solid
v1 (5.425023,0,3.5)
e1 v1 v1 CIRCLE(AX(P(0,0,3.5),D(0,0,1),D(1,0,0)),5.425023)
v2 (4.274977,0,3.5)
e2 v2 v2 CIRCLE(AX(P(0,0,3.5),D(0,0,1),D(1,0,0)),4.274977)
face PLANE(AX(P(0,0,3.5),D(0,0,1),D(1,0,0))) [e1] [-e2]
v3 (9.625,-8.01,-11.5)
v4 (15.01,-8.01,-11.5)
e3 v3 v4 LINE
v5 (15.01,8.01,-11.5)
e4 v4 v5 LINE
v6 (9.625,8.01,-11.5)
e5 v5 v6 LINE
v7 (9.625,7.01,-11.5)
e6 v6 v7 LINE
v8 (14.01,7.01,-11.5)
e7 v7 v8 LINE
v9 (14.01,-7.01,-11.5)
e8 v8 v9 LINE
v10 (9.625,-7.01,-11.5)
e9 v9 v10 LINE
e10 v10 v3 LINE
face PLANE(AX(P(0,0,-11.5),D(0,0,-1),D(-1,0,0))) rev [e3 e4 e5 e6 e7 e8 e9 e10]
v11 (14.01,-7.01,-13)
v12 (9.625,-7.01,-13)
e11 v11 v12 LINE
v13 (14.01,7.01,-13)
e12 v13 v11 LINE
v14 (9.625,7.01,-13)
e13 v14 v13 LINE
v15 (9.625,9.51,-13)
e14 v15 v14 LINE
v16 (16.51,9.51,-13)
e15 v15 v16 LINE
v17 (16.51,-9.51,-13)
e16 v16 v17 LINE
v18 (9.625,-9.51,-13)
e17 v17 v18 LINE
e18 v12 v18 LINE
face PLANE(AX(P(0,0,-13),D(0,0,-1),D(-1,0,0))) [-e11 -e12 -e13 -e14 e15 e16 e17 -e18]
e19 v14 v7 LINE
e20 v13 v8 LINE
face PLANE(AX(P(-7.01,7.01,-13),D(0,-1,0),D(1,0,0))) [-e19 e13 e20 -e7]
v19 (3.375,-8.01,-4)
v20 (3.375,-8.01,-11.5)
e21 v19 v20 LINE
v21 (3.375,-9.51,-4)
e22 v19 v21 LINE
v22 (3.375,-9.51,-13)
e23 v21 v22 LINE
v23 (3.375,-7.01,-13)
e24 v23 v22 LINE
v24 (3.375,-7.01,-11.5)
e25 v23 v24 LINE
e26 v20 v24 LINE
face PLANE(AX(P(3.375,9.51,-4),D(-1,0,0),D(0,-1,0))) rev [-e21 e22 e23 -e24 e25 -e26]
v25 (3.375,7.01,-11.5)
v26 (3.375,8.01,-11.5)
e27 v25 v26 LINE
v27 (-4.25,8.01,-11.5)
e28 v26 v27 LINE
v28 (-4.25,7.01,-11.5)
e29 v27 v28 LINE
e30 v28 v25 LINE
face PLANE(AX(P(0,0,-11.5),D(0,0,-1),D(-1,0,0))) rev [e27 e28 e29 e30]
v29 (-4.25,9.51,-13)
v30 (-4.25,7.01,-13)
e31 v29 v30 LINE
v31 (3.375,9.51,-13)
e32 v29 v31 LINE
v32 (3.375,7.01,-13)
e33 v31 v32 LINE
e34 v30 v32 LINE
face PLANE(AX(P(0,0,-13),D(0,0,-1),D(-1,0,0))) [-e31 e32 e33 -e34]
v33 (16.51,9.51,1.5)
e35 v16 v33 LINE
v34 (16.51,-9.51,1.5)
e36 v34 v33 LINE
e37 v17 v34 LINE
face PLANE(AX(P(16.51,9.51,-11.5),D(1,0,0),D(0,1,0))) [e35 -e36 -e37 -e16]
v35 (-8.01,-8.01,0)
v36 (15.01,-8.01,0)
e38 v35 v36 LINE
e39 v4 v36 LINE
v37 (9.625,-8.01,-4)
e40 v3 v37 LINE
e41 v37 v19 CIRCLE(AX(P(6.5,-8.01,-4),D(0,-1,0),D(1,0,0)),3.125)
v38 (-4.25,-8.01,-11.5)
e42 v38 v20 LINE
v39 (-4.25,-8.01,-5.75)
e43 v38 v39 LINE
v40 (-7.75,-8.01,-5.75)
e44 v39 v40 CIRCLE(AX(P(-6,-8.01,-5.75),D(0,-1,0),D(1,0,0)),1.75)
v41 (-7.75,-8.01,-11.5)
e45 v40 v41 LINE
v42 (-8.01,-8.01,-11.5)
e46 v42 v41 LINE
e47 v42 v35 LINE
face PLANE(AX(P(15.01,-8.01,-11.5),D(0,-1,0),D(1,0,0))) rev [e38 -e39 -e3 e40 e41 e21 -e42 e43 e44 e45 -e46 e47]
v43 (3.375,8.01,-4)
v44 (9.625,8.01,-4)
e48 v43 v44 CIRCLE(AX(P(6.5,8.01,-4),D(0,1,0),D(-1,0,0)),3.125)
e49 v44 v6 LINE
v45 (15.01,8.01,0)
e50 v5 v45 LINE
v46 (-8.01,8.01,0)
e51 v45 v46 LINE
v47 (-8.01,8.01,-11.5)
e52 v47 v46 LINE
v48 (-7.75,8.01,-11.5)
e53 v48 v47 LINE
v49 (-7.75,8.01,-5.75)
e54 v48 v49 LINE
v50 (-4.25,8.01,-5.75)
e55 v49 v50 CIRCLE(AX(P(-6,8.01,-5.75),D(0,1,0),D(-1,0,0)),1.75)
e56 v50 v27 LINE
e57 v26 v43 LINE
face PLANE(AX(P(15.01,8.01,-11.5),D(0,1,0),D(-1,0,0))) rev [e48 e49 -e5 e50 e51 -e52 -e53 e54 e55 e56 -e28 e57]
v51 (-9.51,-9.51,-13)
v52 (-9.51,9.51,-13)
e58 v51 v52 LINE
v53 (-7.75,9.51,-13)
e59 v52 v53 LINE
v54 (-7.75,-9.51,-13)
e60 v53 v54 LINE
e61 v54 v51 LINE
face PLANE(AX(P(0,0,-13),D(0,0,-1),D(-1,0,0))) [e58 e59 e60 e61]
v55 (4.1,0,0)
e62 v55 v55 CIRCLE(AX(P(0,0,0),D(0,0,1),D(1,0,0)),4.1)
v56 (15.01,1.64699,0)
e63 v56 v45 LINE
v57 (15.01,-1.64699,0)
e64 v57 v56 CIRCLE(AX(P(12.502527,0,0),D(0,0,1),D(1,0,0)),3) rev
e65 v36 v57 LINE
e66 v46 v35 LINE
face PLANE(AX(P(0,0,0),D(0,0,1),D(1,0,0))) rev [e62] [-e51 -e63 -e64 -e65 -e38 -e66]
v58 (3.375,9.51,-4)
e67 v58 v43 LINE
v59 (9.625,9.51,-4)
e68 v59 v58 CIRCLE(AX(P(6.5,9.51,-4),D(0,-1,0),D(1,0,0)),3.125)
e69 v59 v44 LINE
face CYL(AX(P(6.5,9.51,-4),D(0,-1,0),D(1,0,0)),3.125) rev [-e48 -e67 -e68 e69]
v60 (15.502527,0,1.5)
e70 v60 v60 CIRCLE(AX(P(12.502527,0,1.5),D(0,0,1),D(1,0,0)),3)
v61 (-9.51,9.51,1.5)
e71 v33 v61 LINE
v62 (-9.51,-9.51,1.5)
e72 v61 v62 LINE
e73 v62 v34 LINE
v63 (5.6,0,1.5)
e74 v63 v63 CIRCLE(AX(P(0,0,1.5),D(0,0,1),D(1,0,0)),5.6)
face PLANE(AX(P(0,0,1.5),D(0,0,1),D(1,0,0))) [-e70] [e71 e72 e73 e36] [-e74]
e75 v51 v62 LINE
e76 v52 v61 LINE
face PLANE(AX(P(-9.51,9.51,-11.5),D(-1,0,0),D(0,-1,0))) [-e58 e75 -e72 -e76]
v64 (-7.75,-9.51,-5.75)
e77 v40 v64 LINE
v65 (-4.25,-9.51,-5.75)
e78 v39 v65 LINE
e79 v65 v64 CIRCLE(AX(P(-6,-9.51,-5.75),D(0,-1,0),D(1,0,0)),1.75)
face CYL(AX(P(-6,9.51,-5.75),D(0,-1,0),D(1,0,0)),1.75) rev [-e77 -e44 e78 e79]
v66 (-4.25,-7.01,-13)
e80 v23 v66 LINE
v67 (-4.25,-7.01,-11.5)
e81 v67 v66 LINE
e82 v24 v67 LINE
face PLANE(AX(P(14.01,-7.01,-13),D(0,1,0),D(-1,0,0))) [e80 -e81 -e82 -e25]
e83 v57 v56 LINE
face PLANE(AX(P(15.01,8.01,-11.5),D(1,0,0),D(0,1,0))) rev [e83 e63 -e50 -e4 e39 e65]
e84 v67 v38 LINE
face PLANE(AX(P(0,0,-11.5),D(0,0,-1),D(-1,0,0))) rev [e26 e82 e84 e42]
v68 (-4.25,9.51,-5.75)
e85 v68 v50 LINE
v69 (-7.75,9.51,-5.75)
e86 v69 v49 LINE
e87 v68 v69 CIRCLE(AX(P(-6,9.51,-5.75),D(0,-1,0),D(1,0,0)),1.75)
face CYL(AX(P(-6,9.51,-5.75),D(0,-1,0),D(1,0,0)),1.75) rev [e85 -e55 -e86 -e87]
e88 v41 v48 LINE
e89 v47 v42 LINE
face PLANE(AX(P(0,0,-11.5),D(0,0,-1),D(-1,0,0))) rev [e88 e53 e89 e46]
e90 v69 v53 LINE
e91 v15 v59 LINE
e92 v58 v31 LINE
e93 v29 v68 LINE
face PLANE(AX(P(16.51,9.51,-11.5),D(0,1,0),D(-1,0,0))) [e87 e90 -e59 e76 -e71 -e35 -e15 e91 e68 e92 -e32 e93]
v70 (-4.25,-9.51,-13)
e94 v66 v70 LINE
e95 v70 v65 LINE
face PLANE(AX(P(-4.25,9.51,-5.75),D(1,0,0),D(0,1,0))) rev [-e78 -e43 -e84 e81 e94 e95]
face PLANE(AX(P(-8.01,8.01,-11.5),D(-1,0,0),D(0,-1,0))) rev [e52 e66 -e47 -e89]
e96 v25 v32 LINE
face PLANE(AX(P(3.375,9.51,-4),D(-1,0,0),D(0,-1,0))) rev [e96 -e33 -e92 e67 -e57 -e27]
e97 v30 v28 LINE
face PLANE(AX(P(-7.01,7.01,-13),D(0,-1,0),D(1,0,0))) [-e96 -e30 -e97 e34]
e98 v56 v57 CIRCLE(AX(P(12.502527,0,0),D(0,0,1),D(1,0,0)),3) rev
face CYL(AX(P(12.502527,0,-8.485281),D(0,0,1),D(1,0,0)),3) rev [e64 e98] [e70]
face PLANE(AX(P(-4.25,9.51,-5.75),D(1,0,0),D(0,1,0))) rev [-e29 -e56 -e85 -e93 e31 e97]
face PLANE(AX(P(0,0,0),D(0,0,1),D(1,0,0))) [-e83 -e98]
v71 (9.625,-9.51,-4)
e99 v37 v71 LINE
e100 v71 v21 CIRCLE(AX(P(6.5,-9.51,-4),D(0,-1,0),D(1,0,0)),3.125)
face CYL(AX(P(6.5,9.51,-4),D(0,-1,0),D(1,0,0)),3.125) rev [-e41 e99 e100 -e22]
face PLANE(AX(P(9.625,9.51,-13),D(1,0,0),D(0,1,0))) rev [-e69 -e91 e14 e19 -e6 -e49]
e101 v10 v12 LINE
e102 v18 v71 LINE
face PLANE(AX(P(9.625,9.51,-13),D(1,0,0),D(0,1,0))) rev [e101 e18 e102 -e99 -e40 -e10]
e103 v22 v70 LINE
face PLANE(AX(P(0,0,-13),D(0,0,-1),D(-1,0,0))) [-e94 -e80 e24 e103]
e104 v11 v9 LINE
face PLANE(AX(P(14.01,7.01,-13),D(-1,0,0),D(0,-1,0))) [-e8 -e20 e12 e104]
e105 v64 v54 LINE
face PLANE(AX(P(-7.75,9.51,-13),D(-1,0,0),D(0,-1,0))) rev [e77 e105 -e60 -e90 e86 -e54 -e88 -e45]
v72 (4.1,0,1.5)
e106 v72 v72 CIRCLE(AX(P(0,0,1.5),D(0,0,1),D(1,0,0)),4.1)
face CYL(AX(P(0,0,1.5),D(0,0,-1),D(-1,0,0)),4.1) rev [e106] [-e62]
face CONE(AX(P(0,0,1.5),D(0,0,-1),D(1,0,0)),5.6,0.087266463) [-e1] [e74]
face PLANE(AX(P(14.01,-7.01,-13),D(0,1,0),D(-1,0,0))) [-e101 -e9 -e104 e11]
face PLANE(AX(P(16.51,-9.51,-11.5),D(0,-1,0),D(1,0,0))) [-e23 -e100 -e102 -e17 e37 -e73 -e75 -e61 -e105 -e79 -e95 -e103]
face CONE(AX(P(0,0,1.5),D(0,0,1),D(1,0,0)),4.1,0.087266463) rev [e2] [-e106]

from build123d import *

# Parameters (mm, degrees)
SKETCH1_W           = 26.02
SKETCH1_H           = 19.02
SKETCH1_W_2         = 23.02
SKETCH1_H_2         = 16.02
BOSS_EXTRUDE1_DEPTH = 11.5
SKETCH2_W           = 26.02
SKETCH2_H           = 19.02
SKETCH2_W_2         = 21.02
SKETCH2_H_2         = 14.02
BOSS_EXTRUDE2_DEPTH = 1.5
SKETCH3_W           = 26.02
SKETCH3_H           = 19.02
SKETCH3_R           = 4.1
BOSS_EXTRUDE3_DEPTH = 1.5
SKETCH4_R           = 5.6
SKETCH4_R_2         = 4.1
BOSS_EXTRUDE4_DEPTH = 2
BOSS_EXTRUDE4_DRAFT = 5
SKETCH5_R           = 3
CUT_EXTRUDE1_DEPTH  = 1.5
CUT_EXTRUDE2_DEPTH  = 29.343261986


with BuildPart() as part:
    # Sketch1 → Boss-Extrude1 (new body)
    with BuildSketch(Plane.XY):
        with Locations((3.5, 0)):
            Rectangle(SKETCH1_W, SKETCH1_H)
        with Locations((3.5, 0)):
            Rectangle(SKETCH1_W_2, SKETCH1_H_2, mode=Mode.SUBTRACT)
    extrude(amount=-BOSS_EXTRUDE1_DEPTH)

    # Sketch2 → Boss-Extrude2 (add)
    with BuildSketch(Plane(origin=(0, 0, -11.5), x_dir=(-1, 0, 0), z_dir=(0, 0, -1))):
        with Locations((-3.5, 0)):
            Rectangle(SKETCH2_W, SKETCH2_H)
        with Locations((-3.5, 0)):
            Rectangle(SKETCH2_W_2, SKETCH2_H_2, mode=Mode.SUBTRACT)
    extrude(amount=BOSS_EXTRUDE2_DEPTH)

    # Sketch3 → Boss-Extrude3 (add)
    with BuildSketch(Plane.XY):
        with Locations((3.5, 0)):
            Rectangle(SKETCH3_W, SKETCH3_H)
        Circle(SKETCH3_R, mode=Mode.SUBTRACT)
    extrude(amount=BOSS_EXTRUDE3_DEPTH)


with BuildPart() as boss_extrude4_tool:
    # Sketch4 → Boss-Extrude4 (with draft: the straight prism first)
    with BuildSketch(Plane.XY.offset(1.5)):
        Circle(SKETCH4_R)
        Circle(SKETCH4_R_2, mode=Mode.SUBTRACT)
    extrude(amount=BOSS_EXTRUDE4_DEPTH)
    # Boss-Extrude4: the draft: its side faces are tilted about the plane it starts from
    boss_extrude4_sides = [boss_extrude4_tool.faces().sort_by_distance(p)[0] for p in [
        (-5.6, 0, 2.5),
        (-4.1, 0, 2.5),
    ]]
    draft(boss_extrude4_sides, Plane.XY.offset(1.5), BOSS_EXTRUDE4_DRAFT)


with BuildPart() as part_1:
    add(part.part)

    # Boss-Extrude4: add boss_extrude4_tool
    add(boss_extrude4_tool.part)

    # Sketch5 → Cut-Extrude1 (cut)
    with BuildSketch(Plane.XY.offset(1.5)):
        with Locations((12.502526503, 1e-09)):
            Circle(SKETCH5_R)
    extrude(amount=-CUT_EXTRUDE1_DEPTH, mode=Mode.SUBTRACT)

    # Sketch6 → Cut-Extrude2 (cut, through all)
    with BuildSketch(Plane.XZ.offset(9.51)):
        with BuildLine():
            Line((3.375, -4), (3.375, -13))
            Line((3.375, -13), (9.625, -13))
            Line((9.625, -13), (9.625, -4))
            ThreePointArc((9.625, -4), (6.5, -0.875), (3.375, -4))
        make_face()
        with BuildLine():
            Line((-4.25, -5.75), (-4.25, -13))
            Line((-4.25, -13), (-7.75, -13))
            Line((-7.75, -13), (-7.75, -5.75))
            ThreePointArc((-7.75, -5.75), (-6, -4), (-4.25, -5.75))
        make_face()
    extrude(amount=-CUT_EXTRUDE2_DEPTH, mode=Mode.SUBTRACT)


solid = part_1.part
